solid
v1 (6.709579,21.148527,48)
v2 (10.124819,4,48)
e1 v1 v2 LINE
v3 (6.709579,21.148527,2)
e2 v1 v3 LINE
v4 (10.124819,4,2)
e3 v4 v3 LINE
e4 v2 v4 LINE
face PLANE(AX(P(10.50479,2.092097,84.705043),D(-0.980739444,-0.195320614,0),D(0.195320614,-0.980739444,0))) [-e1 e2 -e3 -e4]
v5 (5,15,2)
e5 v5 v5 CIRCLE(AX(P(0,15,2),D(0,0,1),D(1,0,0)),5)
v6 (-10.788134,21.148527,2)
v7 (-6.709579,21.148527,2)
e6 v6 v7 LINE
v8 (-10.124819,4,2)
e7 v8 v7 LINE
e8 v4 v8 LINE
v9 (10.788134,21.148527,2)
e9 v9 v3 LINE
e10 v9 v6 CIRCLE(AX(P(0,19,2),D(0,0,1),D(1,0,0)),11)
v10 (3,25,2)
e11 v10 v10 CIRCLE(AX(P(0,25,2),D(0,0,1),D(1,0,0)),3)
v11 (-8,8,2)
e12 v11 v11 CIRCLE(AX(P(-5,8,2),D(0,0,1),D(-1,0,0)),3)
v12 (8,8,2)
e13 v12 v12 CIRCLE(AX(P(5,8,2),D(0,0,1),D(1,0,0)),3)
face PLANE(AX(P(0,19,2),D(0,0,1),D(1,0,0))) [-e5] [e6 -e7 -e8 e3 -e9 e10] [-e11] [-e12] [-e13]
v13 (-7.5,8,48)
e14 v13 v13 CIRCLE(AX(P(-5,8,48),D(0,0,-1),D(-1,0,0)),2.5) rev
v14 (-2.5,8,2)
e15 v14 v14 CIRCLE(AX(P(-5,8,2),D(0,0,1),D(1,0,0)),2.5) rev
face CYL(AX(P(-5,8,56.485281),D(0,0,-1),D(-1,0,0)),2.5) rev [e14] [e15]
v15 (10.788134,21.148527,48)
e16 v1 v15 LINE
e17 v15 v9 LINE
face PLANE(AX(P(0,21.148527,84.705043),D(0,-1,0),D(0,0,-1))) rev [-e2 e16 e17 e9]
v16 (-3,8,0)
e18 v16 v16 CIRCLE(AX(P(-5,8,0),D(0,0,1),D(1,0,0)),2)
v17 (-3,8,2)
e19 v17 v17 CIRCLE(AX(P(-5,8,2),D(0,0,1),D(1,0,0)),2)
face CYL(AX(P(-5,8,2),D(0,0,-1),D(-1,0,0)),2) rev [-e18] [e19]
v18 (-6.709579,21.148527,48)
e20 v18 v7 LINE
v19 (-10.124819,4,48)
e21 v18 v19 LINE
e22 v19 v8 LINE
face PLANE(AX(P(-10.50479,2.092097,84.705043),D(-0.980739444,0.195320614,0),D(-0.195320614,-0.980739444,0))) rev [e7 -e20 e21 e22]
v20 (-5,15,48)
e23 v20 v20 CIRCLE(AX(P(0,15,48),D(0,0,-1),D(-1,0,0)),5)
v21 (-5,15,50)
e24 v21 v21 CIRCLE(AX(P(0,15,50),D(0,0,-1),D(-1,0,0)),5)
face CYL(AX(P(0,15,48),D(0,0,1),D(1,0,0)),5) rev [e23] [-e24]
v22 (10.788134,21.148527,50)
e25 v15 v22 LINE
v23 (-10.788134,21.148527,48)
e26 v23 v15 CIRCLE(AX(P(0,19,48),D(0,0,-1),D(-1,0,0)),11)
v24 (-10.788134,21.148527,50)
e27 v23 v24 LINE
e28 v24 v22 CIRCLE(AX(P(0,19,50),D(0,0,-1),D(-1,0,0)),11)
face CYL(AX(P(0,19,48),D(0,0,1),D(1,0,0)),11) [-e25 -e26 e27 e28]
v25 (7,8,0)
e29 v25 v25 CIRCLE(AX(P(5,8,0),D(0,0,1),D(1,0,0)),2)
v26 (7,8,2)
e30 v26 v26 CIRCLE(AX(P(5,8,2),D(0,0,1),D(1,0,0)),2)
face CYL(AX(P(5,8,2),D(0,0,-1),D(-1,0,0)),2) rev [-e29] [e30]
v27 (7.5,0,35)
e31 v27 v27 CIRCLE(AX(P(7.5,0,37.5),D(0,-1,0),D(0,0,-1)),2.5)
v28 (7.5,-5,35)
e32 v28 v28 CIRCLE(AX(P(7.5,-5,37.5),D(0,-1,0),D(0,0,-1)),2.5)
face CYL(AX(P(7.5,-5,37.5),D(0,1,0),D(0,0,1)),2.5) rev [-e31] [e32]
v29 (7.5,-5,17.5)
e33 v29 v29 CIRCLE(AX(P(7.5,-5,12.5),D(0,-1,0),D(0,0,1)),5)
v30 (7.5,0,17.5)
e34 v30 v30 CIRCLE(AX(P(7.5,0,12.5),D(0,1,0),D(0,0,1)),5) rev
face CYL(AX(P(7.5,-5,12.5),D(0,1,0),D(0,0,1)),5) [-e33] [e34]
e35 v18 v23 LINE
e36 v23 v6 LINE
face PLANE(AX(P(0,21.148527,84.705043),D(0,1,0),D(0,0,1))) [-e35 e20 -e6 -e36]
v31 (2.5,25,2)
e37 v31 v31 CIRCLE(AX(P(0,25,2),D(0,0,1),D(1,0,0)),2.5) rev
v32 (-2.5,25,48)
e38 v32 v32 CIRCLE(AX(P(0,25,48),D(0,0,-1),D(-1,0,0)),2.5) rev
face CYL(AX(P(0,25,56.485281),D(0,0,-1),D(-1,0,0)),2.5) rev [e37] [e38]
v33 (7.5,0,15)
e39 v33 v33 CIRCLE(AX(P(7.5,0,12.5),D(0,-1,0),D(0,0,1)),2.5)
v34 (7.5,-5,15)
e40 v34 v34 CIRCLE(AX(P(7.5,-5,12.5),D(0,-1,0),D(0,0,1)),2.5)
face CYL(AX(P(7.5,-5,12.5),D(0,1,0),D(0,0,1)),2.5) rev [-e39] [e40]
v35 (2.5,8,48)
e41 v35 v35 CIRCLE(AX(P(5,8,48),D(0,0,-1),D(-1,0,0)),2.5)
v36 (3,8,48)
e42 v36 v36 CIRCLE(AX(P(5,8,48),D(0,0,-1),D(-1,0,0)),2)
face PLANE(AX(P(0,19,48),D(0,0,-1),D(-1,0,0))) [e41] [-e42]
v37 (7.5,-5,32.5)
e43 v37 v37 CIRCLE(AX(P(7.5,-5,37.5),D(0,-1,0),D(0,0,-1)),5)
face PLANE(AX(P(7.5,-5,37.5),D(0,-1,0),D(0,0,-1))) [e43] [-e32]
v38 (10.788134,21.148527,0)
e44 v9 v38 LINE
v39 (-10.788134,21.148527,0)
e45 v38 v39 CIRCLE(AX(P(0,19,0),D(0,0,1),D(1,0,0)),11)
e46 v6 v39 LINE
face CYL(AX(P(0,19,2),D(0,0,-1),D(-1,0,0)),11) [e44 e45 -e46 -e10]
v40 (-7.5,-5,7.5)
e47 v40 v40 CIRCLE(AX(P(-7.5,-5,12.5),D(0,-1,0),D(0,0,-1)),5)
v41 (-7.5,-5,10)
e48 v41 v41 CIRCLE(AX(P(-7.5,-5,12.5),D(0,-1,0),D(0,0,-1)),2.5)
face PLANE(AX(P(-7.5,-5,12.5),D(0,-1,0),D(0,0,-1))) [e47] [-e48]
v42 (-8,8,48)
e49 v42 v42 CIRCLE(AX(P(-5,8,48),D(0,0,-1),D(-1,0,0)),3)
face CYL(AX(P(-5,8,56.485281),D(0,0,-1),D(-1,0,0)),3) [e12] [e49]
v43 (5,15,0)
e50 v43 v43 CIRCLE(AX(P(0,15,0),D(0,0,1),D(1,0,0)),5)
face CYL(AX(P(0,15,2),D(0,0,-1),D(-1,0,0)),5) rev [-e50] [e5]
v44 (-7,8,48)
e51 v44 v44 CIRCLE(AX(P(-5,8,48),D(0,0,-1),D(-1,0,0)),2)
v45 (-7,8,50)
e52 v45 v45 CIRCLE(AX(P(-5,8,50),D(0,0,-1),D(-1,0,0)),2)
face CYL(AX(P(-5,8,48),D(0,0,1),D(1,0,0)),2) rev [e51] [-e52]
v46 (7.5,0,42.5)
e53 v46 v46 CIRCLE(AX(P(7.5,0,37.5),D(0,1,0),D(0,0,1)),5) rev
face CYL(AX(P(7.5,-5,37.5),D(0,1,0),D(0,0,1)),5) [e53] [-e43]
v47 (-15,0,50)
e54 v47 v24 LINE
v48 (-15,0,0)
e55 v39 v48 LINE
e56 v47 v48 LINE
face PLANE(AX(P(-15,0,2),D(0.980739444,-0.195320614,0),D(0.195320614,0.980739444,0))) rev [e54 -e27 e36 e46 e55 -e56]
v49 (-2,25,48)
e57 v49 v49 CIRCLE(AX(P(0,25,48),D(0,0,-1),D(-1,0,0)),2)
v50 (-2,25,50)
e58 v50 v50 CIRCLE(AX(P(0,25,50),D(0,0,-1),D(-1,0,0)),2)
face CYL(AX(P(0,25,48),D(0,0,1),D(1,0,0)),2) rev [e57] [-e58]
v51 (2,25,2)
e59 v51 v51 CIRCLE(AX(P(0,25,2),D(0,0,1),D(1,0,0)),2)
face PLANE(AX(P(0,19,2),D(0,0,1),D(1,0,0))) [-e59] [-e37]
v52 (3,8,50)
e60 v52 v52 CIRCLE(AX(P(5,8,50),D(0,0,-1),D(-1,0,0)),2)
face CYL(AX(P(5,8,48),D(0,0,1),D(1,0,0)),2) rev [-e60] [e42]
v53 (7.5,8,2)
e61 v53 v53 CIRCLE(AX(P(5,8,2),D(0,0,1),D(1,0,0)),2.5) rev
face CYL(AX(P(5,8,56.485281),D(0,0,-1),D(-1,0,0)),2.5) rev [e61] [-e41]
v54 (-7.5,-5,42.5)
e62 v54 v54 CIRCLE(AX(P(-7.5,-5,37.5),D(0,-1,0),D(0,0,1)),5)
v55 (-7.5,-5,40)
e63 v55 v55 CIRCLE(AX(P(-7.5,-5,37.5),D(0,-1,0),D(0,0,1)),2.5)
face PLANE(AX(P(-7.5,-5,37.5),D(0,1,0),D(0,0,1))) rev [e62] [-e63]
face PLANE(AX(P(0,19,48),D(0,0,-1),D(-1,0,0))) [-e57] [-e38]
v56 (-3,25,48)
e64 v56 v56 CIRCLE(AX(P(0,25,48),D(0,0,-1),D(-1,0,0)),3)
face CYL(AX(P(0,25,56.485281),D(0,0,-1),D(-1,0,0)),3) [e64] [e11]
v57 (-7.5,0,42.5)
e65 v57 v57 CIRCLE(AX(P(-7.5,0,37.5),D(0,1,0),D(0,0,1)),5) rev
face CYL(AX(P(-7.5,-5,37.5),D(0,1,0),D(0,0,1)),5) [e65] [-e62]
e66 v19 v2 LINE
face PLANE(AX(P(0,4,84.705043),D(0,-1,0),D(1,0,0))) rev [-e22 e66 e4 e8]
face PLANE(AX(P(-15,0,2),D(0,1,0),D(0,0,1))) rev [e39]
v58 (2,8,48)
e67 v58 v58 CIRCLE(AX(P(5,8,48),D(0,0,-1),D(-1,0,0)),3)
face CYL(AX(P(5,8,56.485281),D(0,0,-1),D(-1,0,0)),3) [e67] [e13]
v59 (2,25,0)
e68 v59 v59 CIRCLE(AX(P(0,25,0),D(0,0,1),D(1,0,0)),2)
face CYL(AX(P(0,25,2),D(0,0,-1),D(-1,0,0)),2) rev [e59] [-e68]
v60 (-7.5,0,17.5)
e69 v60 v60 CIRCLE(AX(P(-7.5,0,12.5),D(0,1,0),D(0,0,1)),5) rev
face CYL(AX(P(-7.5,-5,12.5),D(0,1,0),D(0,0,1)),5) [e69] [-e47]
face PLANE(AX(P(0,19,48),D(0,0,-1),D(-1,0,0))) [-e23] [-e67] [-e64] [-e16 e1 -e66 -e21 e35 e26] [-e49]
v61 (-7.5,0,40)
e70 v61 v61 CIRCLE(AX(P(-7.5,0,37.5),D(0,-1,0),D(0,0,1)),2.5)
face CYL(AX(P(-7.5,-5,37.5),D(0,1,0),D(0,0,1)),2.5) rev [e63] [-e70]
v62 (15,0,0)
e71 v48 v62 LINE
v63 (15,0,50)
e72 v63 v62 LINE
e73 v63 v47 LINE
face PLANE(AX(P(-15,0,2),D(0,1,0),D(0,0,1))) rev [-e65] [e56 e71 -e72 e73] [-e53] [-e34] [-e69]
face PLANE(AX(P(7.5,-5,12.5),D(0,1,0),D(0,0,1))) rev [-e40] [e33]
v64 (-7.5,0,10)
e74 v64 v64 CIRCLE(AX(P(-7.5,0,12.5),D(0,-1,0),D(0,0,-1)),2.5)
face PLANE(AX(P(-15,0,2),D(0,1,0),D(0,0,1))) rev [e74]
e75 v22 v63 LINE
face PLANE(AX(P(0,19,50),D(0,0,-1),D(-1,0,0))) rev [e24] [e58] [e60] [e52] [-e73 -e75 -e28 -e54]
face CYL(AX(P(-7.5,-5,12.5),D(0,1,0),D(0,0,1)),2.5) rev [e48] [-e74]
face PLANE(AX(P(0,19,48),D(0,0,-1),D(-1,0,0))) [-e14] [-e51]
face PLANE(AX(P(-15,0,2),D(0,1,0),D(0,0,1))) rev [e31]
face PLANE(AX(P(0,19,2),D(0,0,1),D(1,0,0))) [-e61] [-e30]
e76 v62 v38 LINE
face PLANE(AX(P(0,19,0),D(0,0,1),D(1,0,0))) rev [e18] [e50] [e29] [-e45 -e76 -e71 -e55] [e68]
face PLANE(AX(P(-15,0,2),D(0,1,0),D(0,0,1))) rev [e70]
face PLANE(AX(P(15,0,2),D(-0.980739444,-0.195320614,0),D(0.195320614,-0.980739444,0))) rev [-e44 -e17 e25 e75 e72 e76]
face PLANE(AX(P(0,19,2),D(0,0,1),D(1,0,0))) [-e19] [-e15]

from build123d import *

# Parameters (mm, degrees)
SKETCH1_R           = 5
SKETCH1_R_2         = 2
BOSS_EXTRUDE1_DEPTH = 2
SKETCH2_R           = 2
SKETCH2_R_2         = 5
BOSS_EXTRUDE2_DEPTH = 2
SKETCH3_R           = 3
SKETCH3_R_2         = 2.5
BOSS_EXTRUDE3_DEPTH = 46
BOSS_EXTRUDE5_DEPTH = 46
SKETCH7_R           = 5
SKETCH7_R_2         = 2.5
BOSS_EXTRUDE6_DEPTH = 5


with BuildPart() as part:
    # Sketch1 → Boss-Extrude1 (new body)
    with BuildSketch(Plane.XY):
        with BuildLine():
            Line((-15, 0), (15, 0))
            Line((15, 0), (10.788133888, 21.148526754))
            ThreePointArc((10.788133888, 21.148526754), (0, 30), (-10.788133888, 21.148526754))
            Line((-10.788133888, 21.148526754), (-15, 0))
        make_face()
        with Locations((0, 15)):
            Circle(SKETCH1_R, mode=Mode.SUBTRACT)
        with Locations((5, 8)):
            Circle(SKETCH1_R_2, mode=Mode.SUBTRACT)
        with Locations((-5, 8)):
            Circle(SKETCH1_R_2, mode=Mode.SUBTRACT)
        with Locations((0, 25)):
            Circle(SKETCH1_R_2, mode=Mode.SUBTRACT)
    extrude(amount=BOSS_EXTRUDE1_DEPTH)



with BuildPart() as body_2:
    # Sketch2 → Boss-Extrude2 (new body)
    with BuildSketch(Plane(origin=(0, 0, 50), x_dir=(-1, 0, 0), z_dir=(0, 0, -1))):
        with BuildLine():
            Line((-10.788133888, 21.148526754), (-15, 0))
            Line((-15, 0), (15, 0))
            Line((15, 0), (10.788133888, 21.148526754))
            ThreePointArc((10.788133888, 21.148526754), (0, 30), (-10.788133888, 21.148526754))
        make_face()
        with Locations(Location((-5, 8, 0), (0, 0, 180))):
            Circle(SKETCH2_R, mode=Mode.SUBTRACT)
        with Locations(Location((5, 8, 0), (0, 0, 180))):
            Circle(SKETCH2_R, mode=Mode.SUBTRACT)
        with Locations(Location((0, 25, 0), (0, 0, 180))):
            Circle(SKETCH2_R, mode=Mode.SUBTRACT)
        with Locations(Location((0, 15, 0), (0, 0, 180))):
            Circle(SKETCH2_R_2, mode=Mode.SUBTRACT)
    extrude(amount=BOSS_EXTRUDE2_DEPTH)


with BuildPart() as part_1:
    add(part.part)

    add(body_2.part)  # Boss-Extrude3 merges body 2
    # Sketch3 → Boss-Extrude3 (add)
    # profile 1 of 3: a face of its own
    with BuildSketch(Plane.XY.offset(2)):
        with Locations(Location((5, 8, 0), (0, 0, 180))):
            Circle(SKETCH3_R)
        with Locations(Location((5, 8, 0), (0, 0, 180))):
            Circle(SKETCH3_R_2, mode=Mode.SUBTRACT)
    # profile 2 of 3: a face of its own
    with BuildSketch(Plane.XY.offset(2)):
        with Locations(Location((0, 25, 0), (0, 0, 180))):
            Circle(SKETCH3_R)
        with Locations(Location((0, 25, 0), (0, 0, 180))):
            Circle(SKETCH3_R_2, mode=Mode.SUBTRACT)
    # profile 3 of 3: a face of its own
    with BuildSketch(Plane.XY.offset(2)):
        with Locations(Location((-5, 8, 0), (0, 0, 180))):
            Circle(SKETCH3_R)
        with Locations(Location((-5, 8, 0), (0, 0, 180))):
            Circle(SKETCH3_R_2, mode=Mode.SUBTRACT)
    extrude(amount=BOSS_EXTRUDE3_DEPTH)

    # Sketch4 → Boss-Extrude5 (add)
    with BuildSketch(Plane.XY.offset(2)):
        Polygon((-10.788133888, 21.148526754), (-14.203374086, 4), (-10.124818846, 4), (-6.709578648, 21.148526754), align=None)
        Polygon((10.124818846, 4), (14.203374086, 4), (10.788133888, 21.148526754), (6.709578648, 21.148526754), align=None)
        Polygon((-14.203374086, 4), (-15, 0), (15, 0), (14.203374086, 4), (10.124818846, 4), (-10.124818846, 4), align=None)
    extrude(amount=BOSS_EXTRUDE5_DEPTH)

    # Sketch7 → Boss-Extrude6 (add)
    # profile 1 of 4: a face of its own
    with BuildSketch(Plane.XZ):
        with Locations(Location((7.5, 37.5, 0), (0, 0, 90))):
            Circle(SKETCH7_R)
        with Locations(Location((7.5, 37.5, 0), (0, 0, 270))):
            Circle(SKETCH7_R_2, mode=Mode.SUBTRACT)
    # profile 2 of 4: a face of its own
    with BuildSketch(Plane.XZ):
        with Locations(Location((7.5, 12.5, 0), (0, 0, 90))):
            Circle(SKETCH7_R)
        with Locations(Location((7.5, 12.5, 0), (0, 0, 90))):
            Circle(SKETCH7_R_2, mode=Mode.SUBTRACT)
    # profile 3 of 4: a face of its own
    with BuildSketch(Plane.XZ):
        with Locations(Location((-7.5, 12.5, 0), (0, 0, 90))):
            Circle(SKETCH7_R)
        with Locations(Location((-7.5, 12.5, 0), (0, 0, 270))):
            Circle(SKETCH7_R_2, mode=Mode.SUBTRACT)
    # profile 4 of 4: a face of its own
    with BuildSketch(Plane.XZ):
        with Locations(Location((-7.5, 37.5, 0), (0, 0, 90))):
            Circle(SKETCH7_R)
        with Locations(Location((-7.5, 37.5, 0), (0, 0, 90))):
            Circle(SKETCH7_R_2, mode=Mode.SUBTRACT)
    extrude(amount=BOSS_EXTRUDE6_DEPTH)


solid = part_1.part
